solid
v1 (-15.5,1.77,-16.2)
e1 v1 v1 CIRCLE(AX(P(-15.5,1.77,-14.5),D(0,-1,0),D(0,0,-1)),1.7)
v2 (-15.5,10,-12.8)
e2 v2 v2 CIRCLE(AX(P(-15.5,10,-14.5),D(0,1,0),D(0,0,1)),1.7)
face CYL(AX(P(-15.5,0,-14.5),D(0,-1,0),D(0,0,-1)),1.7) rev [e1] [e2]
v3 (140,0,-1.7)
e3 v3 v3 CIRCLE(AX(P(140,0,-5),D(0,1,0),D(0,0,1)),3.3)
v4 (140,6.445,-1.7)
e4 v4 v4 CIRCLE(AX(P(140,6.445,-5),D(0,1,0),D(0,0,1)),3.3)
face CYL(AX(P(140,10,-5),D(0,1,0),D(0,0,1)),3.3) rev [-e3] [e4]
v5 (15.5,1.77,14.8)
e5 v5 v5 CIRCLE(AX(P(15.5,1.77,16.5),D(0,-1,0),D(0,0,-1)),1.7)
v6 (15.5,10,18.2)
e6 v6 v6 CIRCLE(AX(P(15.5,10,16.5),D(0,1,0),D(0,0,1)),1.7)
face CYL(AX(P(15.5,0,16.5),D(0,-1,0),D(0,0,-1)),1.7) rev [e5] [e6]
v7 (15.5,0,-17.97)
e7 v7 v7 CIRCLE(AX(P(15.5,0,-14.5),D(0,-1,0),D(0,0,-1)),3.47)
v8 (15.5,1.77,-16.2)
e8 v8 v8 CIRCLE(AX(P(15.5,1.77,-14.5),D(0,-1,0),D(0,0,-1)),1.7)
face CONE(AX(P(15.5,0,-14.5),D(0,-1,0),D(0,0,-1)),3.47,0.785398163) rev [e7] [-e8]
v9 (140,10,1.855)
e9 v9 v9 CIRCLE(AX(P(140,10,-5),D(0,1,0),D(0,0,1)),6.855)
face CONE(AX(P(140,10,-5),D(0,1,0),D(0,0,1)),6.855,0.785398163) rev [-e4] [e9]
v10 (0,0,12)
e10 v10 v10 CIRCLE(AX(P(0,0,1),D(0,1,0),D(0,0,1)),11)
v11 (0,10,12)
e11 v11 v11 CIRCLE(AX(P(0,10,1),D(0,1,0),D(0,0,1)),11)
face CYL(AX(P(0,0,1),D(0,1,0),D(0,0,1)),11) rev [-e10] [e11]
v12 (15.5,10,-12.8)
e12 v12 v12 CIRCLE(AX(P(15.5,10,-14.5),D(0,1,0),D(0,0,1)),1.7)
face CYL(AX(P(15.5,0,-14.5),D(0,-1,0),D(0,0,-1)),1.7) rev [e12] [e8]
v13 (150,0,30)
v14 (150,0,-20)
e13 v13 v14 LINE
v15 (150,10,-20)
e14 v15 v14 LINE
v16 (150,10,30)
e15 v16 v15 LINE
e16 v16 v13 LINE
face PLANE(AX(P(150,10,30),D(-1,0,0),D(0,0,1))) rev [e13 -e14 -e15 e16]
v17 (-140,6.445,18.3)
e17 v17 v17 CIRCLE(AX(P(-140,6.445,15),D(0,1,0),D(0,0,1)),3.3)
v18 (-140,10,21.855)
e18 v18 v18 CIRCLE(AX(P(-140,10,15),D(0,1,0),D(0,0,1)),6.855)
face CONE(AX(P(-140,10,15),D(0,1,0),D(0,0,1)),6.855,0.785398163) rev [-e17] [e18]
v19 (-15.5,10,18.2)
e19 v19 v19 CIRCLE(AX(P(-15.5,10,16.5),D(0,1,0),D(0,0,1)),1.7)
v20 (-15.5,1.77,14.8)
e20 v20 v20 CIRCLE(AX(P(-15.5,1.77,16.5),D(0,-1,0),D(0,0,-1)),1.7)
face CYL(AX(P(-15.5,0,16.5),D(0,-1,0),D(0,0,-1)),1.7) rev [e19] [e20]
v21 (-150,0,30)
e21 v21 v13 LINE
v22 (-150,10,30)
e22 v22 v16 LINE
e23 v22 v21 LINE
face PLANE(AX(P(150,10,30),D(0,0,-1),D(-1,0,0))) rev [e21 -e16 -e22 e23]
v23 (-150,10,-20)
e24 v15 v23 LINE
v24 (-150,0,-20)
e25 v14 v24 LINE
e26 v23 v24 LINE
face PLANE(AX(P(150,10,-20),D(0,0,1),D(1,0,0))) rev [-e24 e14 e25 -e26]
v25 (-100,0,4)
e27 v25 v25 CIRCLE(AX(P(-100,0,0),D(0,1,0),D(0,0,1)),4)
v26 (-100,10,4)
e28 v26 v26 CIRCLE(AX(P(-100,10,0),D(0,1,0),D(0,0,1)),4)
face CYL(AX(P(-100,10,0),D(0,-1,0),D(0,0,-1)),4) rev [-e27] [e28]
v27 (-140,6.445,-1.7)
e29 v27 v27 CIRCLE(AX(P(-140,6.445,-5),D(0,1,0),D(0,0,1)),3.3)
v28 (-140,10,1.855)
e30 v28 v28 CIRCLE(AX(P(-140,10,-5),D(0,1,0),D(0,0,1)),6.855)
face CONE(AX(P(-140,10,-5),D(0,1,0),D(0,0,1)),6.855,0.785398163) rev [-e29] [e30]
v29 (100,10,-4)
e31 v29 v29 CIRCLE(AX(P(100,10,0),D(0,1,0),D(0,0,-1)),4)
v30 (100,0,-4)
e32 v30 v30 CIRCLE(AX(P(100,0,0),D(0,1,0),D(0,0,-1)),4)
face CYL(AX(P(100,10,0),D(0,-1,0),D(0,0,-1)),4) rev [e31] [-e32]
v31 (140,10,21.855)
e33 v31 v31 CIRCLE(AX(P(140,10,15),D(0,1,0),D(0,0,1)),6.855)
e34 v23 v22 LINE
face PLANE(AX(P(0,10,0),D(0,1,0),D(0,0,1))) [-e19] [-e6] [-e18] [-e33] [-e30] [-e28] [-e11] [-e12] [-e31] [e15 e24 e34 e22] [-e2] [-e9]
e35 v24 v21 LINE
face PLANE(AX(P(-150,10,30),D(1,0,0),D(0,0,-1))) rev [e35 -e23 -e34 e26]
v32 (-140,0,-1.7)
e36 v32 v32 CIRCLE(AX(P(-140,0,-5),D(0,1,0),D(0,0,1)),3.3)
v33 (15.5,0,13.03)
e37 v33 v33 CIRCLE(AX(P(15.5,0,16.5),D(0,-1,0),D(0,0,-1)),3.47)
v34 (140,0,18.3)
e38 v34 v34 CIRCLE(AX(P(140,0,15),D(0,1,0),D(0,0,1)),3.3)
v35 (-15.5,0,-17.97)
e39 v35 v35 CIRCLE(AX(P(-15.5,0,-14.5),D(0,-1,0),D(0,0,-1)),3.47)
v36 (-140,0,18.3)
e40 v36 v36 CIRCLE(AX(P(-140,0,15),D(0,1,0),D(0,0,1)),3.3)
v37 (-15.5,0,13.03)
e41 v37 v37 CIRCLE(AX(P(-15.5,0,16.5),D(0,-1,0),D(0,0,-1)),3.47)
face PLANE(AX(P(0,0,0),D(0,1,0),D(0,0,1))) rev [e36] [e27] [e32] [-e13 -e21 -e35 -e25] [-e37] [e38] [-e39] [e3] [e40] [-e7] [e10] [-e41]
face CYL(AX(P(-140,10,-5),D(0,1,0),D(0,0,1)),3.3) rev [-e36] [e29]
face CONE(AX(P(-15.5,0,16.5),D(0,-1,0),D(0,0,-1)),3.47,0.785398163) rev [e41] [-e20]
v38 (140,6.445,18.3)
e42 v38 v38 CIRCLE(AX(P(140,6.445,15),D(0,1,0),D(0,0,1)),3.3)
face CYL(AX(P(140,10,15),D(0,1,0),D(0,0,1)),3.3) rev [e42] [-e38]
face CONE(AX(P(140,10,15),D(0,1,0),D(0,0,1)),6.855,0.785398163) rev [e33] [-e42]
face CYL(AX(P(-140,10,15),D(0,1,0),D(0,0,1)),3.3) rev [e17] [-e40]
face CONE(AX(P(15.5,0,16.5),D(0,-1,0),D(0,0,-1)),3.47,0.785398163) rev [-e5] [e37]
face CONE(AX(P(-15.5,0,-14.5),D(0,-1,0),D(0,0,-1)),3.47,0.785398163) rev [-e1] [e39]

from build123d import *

# Parameters (mm, degrees)
SKETCH1_W                                            = 300
SKETCH1_H                                            = 50
SKETCH1_R                                            = 4
MAIN_DEPTH                                           = 10
SKETCH4_R                                            = 2.5
MOUNT_DEPTH                                          = 11
SKETCH2_R                                            = 11
SKETCH2_R_2                                          = 1.5
STEPPER_MOUNT_DEPTH                                  = 11
CSK_FOR_M6_SOCKET_COUNTERSUNK_HEAD_SCREW_D           = 6.6
CSK_FOR_M6_SOCKET_COUNTERSUNK_HEAD_SCREW_DEPTH       = 15
CSK_FOR_M6_SOCKET_COUNTERSUNK_HEAD_SCREW_CSINK_D     = 13.71
CSK_FOR_M6_SOCKET_COUNTERSUNK_HEAD_SCREW_CSINK_ANGLE = 90
CSK_FOR_M6_SOCKET_COUNTERSUNK_HEAD_SCREW_TIP         = 1.982840043
CSK_FOR_M3_SOCKET_COUNTERSUNK_HEAD_SCREW_D           = 3.4
CSK_FOR_M3_SOCKET_COUNTERSUNK_HEAD_SCREW_DEPTH       = 15
CSK_FOR_M3_SOCKET_COUNTERSUNK_HEAD_SCREW_CSINK_D     = 6.94
CSK_FOR_M3_SOCKET_COUNTERSUNK_HEAD_SCREW_CSINK_ANGLE = 90
CSK_FOR_M3_SOCKET_COUNTERSUNK_HEAD_SCREW_TIP         = 1.021463052


with BuildPart() as part:
    # Sketch1 → main (new body)
    with BuildSketch(Plane(origin=(0, 0, 0), x_dir=(1, 0, 0), z_dir=(0, 1, 0))):
        with Locations((0, -5)):
            Rectangle(SKETCH1_W, SKETCH1_H)
        with Locations((-100, 0)):
            Circle(SKETCH1_R, mode=Mode.SUBTRACT)
        with Locations((100, 0)):
            Circle(SKETCH1_R, mode=Mode.SUBTRACT)
    extrude(amount=MAIN_DEPTH)

    # Sketch4 → mount (cut, through all)
    with BuildSketch(Plane(origin=(0, 10, 0), x_dir=(1, 0, 0), z_dir=(0, 1, 0))):
        with Locations((-140, 5)):
            Circle(SKETCH4_R)
        with Locations((-140, -15)):
            Circle(SKETCH4_R)
        with Locations((140, -15)):
            Circle(SKETCH4_R)
        with Locations((140, 5)):
            Circle(SKETCH4_R)
    extrude(amount=-MOUNT_DEPTH, mode=Mode.SUBTRACT)

    # Sketch2 → stepper_mount (cut, through all)
    with BuildSketch(Plane(origin=(0, 10, 0), x_dir=(1, 0, 0), z_dir=(0, 1, 0))):
        with Locations((0, -1)):
            Circle(SKETCH2_R)
        with Locations((15.5, -16.5)):
            Circle(SKETCH2_R_2)
        with Locations((-15.5, -16.5)):
            Circle(SKETCH2_R_2)
        with Locations((-15.5, 14.5)):
            Circle(SKETCH2_R_2)
        with Locations((15.5, 14.5)):
            Circle(SKETCH2_R_2)
    extrude(amount=-STEPPER_MOUNT_DEPTH, mode=Mode.SUBTRACT)

    # CSK for M6 socket countersunk head screw1
    with Locations(Plane(origin=(0, 10, 0), x_dir=(1, 0, 0), z_dir=(0, 1, 0))):
        with Locations((140, -15), (140, 5), (-140, -15), (-140, 5)):
            CounterSinkHole(CSK_FOR_M6_SOCKET_COUNTERSUNK_HEAD_SCREW_D / 2, CSK_FOR_M6_SOCKET_COUNTERSUNK_HEAD_SCREW_CSINK_D / 2, depth=CSK_FOR_M6_SOCKET_COUNTERSUNK_HEAD_SCREW_DEPTH, counter_sink_angle=CSK_FOR_M6_SOCKET_COUNTERSUNK_HEAD_SCREW_CSINK_ANGLE)
            with Locations((0, 0, -(CSK_FOR_M6_SOCKET_COUNTERSUNK_HEAD_SCREW_DEPTH + CSK_FOR_M6_SOCKET_COUNTERSUNK_HEAD_SCREW_TIP / 2))):  # 118° drill point
                Cone(0, CSK_FOR_M6_SOCKET_COUNTERSUNK_HEAD_SCREW_D / 2, CSK_FOR_M6_SOCKET_COUNTERSUNK_HEAD_SCREW_TIP, mode=Mode.SUBTRACT)

    # CSK for M3 socket countersunk head screw1
    with Locations(Plane(origin=(0, 0, 0), x_dir=(-1, 0, 0), z_dir=(0, -1, 0))):
        with Locations((15.5, -16.5), (-15.5, -16.5), (-15.5, 14.5), (15.5, 14.5)):
            CounterSinkHole(CSK_FOR_M3_SOCKET_COUNTERSUNK_HEAD_SCREW_D / 2, CSK_FOR_M3_SOCKET_COUNTERSUNK_HEAD_SCREW_CSINK_D / 2, depth=CSK_FOR_M3_SOCKET_COUNTERSUNK_HEAD_SCREW_DEPTH, counter_sink_angle=CSK_FOR_M3_SOCKET_COUNTERSUNK_HEAD_SCREW_CSINK_ANGLE)
            with Locations((0, 0, -(CSK_FOR_M3_SOCKET_COUNTERSUNK_HEAD_SCREW_DEPTH + CSK_FOR_M3_SOCKET_COUNTERSUNK_HEAD_SCREW_TIP / 2))):  # 118° drill point
                Cone(0, CSK_FOR_M3_SOCKET_COUNTERSUNK_HEAD_SCREW_D / 2, CSK_FOR_M3_SOCKET_COUNTERSUNK_HEAD_SCREW_TIP, mode=Mode.SUBTRACT)


solid = part.part
